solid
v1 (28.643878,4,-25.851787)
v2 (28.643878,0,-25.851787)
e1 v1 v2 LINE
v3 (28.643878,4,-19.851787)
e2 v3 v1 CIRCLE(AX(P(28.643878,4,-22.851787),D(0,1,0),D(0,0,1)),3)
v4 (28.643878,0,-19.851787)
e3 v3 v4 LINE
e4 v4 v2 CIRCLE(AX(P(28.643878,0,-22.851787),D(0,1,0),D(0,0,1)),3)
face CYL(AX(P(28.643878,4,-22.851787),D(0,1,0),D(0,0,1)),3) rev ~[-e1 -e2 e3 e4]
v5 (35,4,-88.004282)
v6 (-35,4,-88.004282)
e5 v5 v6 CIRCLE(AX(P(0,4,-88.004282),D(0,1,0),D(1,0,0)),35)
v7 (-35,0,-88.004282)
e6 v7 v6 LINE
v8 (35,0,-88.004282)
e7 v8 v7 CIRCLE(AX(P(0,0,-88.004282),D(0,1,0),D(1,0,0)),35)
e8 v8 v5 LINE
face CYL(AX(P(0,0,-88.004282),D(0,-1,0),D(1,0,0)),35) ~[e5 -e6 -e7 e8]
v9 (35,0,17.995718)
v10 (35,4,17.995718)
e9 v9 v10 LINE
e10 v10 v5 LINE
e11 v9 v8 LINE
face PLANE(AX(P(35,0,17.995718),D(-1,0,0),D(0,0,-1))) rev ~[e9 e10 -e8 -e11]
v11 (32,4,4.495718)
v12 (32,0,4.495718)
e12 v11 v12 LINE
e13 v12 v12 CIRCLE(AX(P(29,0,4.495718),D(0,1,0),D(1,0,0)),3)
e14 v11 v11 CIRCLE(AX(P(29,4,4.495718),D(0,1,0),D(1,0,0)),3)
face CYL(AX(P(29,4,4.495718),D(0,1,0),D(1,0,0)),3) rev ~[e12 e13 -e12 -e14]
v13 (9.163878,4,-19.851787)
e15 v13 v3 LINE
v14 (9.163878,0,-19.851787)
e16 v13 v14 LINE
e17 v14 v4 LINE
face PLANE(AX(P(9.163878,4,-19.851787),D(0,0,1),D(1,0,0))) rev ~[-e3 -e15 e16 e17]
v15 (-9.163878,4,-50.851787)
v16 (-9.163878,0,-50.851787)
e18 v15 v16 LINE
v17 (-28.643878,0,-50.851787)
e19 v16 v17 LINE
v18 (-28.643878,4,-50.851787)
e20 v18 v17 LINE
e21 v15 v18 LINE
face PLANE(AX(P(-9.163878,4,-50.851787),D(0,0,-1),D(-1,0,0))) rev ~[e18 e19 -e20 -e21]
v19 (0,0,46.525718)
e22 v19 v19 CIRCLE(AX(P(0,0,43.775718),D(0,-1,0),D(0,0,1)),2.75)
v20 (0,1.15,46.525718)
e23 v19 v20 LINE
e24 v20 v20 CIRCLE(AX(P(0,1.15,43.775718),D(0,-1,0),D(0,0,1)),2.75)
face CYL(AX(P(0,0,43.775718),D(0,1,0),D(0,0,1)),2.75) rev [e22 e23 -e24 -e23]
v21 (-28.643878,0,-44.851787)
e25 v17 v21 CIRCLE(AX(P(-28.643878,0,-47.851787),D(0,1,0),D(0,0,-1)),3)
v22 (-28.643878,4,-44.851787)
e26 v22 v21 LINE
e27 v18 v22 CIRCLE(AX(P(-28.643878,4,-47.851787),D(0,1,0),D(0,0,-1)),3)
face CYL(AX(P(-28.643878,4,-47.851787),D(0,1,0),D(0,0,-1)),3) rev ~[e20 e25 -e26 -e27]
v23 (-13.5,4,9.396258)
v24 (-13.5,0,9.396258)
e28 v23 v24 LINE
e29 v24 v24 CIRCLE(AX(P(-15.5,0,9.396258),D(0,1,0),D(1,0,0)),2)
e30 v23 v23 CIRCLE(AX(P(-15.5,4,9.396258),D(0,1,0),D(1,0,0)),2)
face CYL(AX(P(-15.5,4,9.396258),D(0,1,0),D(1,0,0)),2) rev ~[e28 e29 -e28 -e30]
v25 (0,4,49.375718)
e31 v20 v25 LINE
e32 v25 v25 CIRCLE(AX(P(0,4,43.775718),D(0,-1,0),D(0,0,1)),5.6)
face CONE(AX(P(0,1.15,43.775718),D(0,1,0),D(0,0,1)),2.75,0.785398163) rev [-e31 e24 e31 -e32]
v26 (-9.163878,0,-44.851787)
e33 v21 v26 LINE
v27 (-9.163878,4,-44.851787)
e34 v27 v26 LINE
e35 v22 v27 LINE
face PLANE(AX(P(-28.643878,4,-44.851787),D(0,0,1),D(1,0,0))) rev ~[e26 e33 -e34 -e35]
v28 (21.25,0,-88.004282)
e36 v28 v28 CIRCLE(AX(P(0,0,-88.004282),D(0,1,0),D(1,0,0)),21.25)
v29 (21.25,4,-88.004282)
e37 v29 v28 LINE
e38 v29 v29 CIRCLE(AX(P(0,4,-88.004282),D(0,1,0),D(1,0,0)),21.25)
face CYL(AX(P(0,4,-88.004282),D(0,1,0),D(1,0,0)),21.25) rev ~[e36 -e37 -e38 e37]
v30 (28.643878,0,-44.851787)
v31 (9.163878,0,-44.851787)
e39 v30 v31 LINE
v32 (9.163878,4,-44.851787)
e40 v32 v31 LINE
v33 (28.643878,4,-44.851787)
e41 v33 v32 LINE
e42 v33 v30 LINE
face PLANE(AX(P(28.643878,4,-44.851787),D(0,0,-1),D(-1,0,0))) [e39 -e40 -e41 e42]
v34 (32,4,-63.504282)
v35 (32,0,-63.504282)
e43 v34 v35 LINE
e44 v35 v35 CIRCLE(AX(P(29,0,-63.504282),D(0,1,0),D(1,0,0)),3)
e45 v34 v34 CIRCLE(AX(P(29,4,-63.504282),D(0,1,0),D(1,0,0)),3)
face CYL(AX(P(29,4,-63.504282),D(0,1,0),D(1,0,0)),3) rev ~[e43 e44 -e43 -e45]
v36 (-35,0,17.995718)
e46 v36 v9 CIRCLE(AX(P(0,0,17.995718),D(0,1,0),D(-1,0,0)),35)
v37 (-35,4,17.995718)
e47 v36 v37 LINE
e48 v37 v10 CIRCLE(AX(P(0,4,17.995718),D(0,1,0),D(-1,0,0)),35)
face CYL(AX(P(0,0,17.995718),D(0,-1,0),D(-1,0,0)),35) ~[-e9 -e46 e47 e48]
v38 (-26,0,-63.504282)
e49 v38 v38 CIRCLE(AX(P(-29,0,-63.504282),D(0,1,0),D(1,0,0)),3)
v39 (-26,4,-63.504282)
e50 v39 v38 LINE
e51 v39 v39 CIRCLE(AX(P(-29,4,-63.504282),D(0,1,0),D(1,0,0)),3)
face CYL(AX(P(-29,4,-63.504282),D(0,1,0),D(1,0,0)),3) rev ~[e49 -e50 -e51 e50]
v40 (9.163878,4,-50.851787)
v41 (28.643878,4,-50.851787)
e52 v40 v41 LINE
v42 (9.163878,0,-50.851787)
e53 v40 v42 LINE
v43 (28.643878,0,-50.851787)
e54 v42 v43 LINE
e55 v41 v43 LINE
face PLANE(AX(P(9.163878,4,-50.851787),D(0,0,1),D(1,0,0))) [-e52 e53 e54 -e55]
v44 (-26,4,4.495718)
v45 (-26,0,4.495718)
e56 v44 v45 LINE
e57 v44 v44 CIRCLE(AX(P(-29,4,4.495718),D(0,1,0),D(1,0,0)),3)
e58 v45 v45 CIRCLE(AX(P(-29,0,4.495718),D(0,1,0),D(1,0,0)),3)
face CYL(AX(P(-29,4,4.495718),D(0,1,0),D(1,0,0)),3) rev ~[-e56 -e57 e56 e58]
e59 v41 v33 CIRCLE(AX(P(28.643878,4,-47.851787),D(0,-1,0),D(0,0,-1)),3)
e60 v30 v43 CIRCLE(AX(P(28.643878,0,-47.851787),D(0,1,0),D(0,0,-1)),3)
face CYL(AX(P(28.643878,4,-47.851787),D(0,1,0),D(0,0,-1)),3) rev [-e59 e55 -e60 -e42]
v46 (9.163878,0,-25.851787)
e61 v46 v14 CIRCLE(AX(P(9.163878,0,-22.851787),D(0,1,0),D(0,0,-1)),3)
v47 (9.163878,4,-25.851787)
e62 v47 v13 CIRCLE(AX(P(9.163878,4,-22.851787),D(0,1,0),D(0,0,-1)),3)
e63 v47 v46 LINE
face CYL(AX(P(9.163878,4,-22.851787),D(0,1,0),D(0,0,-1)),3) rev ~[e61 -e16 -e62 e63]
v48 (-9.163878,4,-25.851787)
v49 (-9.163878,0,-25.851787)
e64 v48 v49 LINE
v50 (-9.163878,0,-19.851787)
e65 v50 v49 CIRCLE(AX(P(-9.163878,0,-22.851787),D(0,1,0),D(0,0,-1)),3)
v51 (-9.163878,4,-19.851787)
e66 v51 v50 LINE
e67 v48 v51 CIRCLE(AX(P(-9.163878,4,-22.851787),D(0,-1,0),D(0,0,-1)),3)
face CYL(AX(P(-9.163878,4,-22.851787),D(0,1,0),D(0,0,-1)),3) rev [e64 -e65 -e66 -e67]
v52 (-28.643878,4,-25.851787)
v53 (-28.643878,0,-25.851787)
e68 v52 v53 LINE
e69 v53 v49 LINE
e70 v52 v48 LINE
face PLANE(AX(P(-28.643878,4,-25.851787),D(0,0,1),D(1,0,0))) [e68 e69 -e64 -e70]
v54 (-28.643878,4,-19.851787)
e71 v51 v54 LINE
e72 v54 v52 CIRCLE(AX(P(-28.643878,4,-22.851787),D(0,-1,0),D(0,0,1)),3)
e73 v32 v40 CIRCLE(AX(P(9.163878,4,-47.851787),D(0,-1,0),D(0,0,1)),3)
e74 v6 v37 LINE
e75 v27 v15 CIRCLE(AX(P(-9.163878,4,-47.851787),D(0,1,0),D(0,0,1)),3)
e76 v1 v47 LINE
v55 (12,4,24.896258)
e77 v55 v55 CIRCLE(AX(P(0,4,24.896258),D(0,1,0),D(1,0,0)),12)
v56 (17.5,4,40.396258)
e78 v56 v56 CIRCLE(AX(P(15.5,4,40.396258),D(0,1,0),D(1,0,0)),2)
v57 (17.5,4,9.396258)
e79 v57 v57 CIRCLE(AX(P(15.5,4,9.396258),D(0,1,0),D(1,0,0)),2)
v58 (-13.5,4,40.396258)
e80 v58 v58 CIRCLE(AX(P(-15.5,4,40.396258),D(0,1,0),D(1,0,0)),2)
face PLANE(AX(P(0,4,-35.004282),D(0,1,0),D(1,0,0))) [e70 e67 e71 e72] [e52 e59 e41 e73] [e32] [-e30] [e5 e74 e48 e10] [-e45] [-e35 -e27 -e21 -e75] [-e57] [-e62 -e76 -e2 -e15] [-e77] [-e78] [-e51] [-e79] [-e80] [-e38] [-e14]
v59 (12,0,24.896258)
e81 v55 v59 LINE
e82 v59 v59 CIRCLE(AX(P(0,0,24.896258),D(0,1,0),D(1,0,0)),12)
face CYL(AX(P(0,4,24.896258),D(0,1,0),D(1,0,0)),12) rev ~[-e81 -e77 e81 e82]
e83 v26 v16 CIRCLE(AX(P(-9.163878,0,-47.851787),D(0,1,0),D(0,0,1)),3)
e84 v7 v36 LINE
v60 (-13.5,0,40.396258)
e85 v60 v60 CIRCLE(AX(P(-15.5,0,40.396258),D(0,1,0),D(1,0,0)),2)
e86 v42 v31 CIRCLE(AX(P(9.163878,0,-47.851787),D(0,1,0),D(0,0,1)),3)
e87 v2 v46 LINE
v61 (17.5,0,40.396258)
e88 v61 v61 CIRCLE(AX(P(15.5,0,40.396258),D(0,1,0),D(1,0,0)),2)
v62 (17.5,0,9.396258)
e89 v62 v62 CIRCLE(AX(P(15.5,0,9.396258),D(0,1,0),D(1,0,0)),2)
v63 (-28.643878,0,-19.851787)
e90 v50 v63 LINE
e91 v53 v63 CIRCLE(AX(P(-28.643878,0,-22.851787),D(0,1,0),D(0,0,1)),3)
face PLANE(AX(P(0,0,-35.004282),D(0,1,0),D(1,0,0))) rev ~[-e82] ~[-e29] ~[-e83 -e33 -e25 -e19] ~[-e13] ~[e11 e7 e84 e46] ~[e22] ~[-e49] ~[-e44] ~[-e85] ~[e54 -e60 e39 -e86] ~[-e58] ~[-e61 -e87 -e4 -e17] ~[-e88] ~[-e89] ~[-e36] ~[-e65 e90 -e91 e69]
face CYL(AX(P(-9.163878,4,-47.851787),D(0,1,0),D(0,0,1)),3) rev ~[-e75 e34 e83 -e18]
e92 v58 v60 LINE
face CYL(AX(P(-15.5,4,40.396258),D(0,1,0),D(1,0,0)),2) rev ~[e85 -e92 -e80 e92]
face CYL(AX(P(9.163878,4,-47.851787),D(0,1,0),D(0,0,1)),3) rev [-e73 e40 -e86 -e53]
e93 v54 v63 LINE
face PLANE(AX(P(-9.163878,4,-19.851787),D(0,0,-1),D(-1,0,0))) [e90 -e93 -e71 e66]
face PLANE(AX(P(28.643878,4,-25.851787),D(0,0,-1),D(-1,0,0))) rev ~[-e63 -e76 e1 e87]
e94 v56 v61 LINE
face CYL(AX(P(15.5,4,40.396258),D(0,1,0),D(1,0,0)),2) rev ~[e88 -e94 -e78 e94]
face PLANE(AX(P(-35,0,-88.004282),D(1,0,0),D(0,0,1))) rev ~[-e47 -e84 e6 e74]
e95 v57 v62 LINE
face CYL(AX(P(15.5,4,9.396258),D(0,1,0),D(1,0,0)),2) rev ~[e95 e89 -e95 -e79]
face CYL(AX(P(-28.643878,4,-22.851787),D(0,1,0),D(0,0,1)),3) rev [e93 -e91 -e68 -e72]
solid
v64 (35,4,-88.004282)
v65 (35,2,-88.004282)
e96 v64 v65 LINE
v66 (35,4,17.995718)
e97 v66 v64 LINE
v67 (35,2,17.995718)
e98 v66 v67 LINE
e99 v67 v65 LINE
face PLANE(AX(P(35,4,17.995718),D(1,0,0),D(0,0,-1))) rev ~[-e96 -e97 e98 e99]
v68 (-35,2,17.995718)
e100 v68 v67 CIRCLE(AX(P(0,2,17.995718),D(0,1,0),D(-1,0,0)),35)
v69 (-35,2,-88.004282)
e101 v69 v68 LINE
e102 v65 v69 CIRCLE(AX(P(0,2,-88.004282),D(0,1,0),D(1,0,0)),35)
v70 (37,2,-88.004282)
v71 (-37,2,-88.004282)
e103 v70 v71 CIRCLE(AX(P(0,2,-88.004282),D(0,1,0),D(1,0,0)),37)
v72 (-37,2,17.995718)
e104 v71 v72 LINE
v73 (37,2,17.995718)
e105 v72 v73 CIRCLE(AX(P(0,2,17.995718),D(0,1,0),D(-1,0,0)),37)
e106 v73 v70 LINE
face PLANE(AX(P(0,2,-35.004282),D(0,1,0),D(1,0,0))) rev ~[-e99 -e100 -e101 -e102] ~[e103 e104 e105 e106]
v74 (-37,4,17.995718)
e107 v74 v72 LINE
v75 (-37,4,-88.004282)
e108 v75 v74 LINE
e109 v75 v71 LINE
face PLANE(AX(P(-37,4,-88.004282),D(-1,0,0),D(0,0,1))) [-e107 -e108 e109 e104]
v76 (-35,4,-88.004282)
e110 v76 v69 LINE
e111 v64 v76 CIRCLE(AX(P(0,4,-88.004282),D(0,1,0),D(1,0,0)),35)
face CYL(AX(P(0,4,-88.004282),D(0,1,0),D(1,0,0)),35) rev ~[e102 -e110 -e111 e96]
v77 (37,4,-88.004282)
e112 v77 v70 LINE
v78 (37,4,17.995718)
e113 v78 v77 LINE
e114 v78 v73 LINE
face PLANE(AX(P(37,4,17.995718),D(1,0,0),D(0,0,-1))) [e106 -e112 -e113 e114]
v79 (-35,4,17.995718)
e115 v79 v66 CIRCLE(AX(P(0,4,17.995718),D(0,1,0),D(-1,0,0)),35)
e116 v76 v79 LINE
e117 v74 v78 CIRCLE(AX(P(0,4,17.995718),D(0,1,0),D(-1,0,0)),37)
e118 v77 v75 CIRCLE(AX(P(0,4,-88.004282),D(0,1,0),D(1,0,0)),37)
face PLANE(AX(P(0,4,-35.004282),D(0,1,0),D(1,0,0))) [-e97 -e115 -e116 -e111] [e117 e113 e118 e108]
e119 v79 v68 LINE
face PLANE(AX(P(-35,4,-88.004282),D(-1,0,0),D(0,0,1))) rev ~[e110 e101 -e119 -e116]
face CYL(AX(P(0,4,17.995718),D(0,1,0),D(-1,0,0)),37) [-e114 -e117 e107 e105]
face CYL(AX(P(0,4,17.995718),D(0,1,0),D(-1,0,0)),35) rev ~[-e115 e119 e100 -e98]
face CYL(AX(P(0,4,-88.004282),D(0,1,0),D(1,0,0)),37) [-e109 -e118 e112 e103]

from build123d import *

# Parameters (mm, degrees)
SALIENTE_EXTRUIR1_DEPTH = 4
SALIENTE_EXTRUIR2_DEPTH = 2
CROQUIS4_R              = 3
CROQUIS4_R_2            = 21.25
CROQUIS4_R_3            = 12
CROQUIS4_R_4            = 2
CORTAR_EXTRUIR1_DEPTH   = 10
CORTAR_EXTRUIR2_DEPTH   = 10


with BuildPart() as part:
    # Croquis1 → Saliente-Extruir1 (new body)
    with BuildSketch(Plane(origin=(0, 0, 0), x_dir=(1, 0, 0), z_dir=(0, 1, 0))):
        with BuildLine():
            Line((-35, 88.004281691), (-35, -17.995718309))
            ThreePointArc((-35, -17.995718309), (0, -52.995718309), (35, -17.995718309))
            Line((35, -17.995718309), (35, 88.004281691))
            ThreePointArc((35, 88.004281691), (0, 123.004281691), (-35, 88.004281691))
        make_face()
    extrude(amount=SALIENTE_EXTRUIR1_DEPTH)

    # Croquis4 → Cortar-Extruir1 (cut)
    with BuildSketch(Plane(origin=(0, 4, 0), x_dir=(1, 0, 0), z_dir=(0, 1, 0))):
        with Locations((-29, 63.504281691)):
            Circle(CROQUIS4_R)
        with Locations((-29, -4.495718309)):
            Circle(CROQUIS4_R)
        with Locations((29, -4.495718309)):
            Circle(CROQUIS4_R)
        with Locations((29, 63.504281691)):
            Circle(CROQUIS4_R)
        with Locations((0, 88.004281691)):
            Circle(CROQUIS4_R_2)
        with Locations((0, -24.896258099)):
            Circle(CROQUIS4_R_3)
        with Locations((-15.5, -9.396258099)):
            Circle(CROQUIS4_R_4)
        with Locations((-15.5, -40.396258099)):
            Circle(CROQUIS4_R_4)
        with Locations((15.5, -9.396258099)):
            Circle(CROQUIS4_R_4)
        with Locations((15.5, -40.396258099)):
            Circle(CROQUIS4_R_4)
    extrude(amount=-CORTAR_EXTRUIR1_DEPTH, mode=Mode.SUBTRACT)

    # Croquis10 → Refrentado para tornillo tapón con cabeza plana de clavija de M51 (revolve, cut)
    with BuildSketch(Plane(origin=(0, 4, 43.775718309), x_dir=(0, 0, 1), z_dir=(1, 0, 0))):
        Polygon((0, 0), (0, 4), (2.75, 4), (2.75, 2.85), (5.6, 0), align=None)
    revolve(axis=Axis((0, 10.35, 43.775718309), (0, -1, 0)), mode=Mode.SUBTRACT)

    # Croquis12 → Cortar-Extruir2 (cut)
    with BuildSketch(Plane(origin=(0, 4, 0), x_dir=(1, 0, 0), z_dir=(0, 1, 0))):
        with BuildLine():
            Line((-28.643878295, 25.851786669), (-9.163878295, 25.851786669))
            ThreePointArc((-9.163878295, 25.851786669), (-6.163878295, 22.851786669), (-9.163878295, 19.851786669))
            Line((-9.163878295, 19.851786669), (-28.643878295, 19.851786669))
            ThreePointArc((-28.643878295, 19.851786669), (-31.643878295, 22.851786669), (-28.643878295, 25.851786669))
        make_face()
        with BuildLine():
            Line((-28.643878295, 44.851786669), (-9.163878295, 44.851786669))
            ThreePointArc((-9.163878295, 44.851786669), (-6.163878295, 47.851786669), (-9.163878295, 50.851786669))
            Line((-9.163878295, 50.851786669), (-28.643878295, 50.851786669))
            ThreePointArc((-28.643878295, 50.851786669), (-31.643878295, 47.851786669), (-28.643878295, 44.851786669))
        make_face()
        with BuildLine():
            Line((28.643878295, 25.851786669), (9.163878295, 25.851786669))
            ThreePointArc((9.163878295, 25.851786669), (6.163878295, 22.851786669), (9.163878295, 19.851786669))
            Line((9.163878295, 19.851786669), (28.643878295, 19.851786669))
            ThreePointArc((28.643878295, 19.851786669), (31.643878295, 22.851786669), (28.643878295, 25.851786669))
        make_face()
        with BuildLine():
            Line((28.643878295, 44.851786669), (9.163878295, 44.851786669))
            ThreePointArc((9.163878295, 44.851786669), (6.163878295, 47.851786669), (9.163878295, 50.851786669))
            Line((9.163878295, 50.851786669), (28.643878295, 50.851786669))
            ThreePointArc((28.643878295, 50.851786669), (31.643878295, 47.851786669), (28.643878295, 44.851786669))
        make_face()
    extrude(amount=-CORTAR_EXTRUIR2_DEPTH, mode=Mode.SUBTRACT)


with BuildPart() as body_2:
    # Croquis3 → Saliente-Extruir2 (new body)
    with BuildSketch(Plane(origin=(0, 4, 0), x_dir=(1, 0, 0), z_dir=(0, 1, 0))):
        with BuildLine():
            Line((-37, 88.004281691), (-37, -17.995718309))
            ThreePointArc((-37, -17.995718309), (0, -54.995718309), (37, -17.995718309))
            Line((37, -17.995718309), (37, 88.004281691))
            ThreePointArc((37, 88.004281691), (0, 125.004281691), (-37, 88.004281691))
        make_face()
        with BuildLine():
            Line((-35, 88.004281691), (-35, -17.995718309))
            ThreePointArc((-35, -17.995718309), (0, -52.995718309), (35, -17.995718309))
            Line((35, -17.995718309), (35, 88.004281691))
            ThreePointArc((35, 88.004281691), (0, 123.004281691), (-35, 88.004281691))
        make_face(mode=Mode.SUBTRACT)
    extrude(amount=-SALIENTE_EXTRUIR2_DEPTH)


solid = Compound([part.part, body_2.part])
